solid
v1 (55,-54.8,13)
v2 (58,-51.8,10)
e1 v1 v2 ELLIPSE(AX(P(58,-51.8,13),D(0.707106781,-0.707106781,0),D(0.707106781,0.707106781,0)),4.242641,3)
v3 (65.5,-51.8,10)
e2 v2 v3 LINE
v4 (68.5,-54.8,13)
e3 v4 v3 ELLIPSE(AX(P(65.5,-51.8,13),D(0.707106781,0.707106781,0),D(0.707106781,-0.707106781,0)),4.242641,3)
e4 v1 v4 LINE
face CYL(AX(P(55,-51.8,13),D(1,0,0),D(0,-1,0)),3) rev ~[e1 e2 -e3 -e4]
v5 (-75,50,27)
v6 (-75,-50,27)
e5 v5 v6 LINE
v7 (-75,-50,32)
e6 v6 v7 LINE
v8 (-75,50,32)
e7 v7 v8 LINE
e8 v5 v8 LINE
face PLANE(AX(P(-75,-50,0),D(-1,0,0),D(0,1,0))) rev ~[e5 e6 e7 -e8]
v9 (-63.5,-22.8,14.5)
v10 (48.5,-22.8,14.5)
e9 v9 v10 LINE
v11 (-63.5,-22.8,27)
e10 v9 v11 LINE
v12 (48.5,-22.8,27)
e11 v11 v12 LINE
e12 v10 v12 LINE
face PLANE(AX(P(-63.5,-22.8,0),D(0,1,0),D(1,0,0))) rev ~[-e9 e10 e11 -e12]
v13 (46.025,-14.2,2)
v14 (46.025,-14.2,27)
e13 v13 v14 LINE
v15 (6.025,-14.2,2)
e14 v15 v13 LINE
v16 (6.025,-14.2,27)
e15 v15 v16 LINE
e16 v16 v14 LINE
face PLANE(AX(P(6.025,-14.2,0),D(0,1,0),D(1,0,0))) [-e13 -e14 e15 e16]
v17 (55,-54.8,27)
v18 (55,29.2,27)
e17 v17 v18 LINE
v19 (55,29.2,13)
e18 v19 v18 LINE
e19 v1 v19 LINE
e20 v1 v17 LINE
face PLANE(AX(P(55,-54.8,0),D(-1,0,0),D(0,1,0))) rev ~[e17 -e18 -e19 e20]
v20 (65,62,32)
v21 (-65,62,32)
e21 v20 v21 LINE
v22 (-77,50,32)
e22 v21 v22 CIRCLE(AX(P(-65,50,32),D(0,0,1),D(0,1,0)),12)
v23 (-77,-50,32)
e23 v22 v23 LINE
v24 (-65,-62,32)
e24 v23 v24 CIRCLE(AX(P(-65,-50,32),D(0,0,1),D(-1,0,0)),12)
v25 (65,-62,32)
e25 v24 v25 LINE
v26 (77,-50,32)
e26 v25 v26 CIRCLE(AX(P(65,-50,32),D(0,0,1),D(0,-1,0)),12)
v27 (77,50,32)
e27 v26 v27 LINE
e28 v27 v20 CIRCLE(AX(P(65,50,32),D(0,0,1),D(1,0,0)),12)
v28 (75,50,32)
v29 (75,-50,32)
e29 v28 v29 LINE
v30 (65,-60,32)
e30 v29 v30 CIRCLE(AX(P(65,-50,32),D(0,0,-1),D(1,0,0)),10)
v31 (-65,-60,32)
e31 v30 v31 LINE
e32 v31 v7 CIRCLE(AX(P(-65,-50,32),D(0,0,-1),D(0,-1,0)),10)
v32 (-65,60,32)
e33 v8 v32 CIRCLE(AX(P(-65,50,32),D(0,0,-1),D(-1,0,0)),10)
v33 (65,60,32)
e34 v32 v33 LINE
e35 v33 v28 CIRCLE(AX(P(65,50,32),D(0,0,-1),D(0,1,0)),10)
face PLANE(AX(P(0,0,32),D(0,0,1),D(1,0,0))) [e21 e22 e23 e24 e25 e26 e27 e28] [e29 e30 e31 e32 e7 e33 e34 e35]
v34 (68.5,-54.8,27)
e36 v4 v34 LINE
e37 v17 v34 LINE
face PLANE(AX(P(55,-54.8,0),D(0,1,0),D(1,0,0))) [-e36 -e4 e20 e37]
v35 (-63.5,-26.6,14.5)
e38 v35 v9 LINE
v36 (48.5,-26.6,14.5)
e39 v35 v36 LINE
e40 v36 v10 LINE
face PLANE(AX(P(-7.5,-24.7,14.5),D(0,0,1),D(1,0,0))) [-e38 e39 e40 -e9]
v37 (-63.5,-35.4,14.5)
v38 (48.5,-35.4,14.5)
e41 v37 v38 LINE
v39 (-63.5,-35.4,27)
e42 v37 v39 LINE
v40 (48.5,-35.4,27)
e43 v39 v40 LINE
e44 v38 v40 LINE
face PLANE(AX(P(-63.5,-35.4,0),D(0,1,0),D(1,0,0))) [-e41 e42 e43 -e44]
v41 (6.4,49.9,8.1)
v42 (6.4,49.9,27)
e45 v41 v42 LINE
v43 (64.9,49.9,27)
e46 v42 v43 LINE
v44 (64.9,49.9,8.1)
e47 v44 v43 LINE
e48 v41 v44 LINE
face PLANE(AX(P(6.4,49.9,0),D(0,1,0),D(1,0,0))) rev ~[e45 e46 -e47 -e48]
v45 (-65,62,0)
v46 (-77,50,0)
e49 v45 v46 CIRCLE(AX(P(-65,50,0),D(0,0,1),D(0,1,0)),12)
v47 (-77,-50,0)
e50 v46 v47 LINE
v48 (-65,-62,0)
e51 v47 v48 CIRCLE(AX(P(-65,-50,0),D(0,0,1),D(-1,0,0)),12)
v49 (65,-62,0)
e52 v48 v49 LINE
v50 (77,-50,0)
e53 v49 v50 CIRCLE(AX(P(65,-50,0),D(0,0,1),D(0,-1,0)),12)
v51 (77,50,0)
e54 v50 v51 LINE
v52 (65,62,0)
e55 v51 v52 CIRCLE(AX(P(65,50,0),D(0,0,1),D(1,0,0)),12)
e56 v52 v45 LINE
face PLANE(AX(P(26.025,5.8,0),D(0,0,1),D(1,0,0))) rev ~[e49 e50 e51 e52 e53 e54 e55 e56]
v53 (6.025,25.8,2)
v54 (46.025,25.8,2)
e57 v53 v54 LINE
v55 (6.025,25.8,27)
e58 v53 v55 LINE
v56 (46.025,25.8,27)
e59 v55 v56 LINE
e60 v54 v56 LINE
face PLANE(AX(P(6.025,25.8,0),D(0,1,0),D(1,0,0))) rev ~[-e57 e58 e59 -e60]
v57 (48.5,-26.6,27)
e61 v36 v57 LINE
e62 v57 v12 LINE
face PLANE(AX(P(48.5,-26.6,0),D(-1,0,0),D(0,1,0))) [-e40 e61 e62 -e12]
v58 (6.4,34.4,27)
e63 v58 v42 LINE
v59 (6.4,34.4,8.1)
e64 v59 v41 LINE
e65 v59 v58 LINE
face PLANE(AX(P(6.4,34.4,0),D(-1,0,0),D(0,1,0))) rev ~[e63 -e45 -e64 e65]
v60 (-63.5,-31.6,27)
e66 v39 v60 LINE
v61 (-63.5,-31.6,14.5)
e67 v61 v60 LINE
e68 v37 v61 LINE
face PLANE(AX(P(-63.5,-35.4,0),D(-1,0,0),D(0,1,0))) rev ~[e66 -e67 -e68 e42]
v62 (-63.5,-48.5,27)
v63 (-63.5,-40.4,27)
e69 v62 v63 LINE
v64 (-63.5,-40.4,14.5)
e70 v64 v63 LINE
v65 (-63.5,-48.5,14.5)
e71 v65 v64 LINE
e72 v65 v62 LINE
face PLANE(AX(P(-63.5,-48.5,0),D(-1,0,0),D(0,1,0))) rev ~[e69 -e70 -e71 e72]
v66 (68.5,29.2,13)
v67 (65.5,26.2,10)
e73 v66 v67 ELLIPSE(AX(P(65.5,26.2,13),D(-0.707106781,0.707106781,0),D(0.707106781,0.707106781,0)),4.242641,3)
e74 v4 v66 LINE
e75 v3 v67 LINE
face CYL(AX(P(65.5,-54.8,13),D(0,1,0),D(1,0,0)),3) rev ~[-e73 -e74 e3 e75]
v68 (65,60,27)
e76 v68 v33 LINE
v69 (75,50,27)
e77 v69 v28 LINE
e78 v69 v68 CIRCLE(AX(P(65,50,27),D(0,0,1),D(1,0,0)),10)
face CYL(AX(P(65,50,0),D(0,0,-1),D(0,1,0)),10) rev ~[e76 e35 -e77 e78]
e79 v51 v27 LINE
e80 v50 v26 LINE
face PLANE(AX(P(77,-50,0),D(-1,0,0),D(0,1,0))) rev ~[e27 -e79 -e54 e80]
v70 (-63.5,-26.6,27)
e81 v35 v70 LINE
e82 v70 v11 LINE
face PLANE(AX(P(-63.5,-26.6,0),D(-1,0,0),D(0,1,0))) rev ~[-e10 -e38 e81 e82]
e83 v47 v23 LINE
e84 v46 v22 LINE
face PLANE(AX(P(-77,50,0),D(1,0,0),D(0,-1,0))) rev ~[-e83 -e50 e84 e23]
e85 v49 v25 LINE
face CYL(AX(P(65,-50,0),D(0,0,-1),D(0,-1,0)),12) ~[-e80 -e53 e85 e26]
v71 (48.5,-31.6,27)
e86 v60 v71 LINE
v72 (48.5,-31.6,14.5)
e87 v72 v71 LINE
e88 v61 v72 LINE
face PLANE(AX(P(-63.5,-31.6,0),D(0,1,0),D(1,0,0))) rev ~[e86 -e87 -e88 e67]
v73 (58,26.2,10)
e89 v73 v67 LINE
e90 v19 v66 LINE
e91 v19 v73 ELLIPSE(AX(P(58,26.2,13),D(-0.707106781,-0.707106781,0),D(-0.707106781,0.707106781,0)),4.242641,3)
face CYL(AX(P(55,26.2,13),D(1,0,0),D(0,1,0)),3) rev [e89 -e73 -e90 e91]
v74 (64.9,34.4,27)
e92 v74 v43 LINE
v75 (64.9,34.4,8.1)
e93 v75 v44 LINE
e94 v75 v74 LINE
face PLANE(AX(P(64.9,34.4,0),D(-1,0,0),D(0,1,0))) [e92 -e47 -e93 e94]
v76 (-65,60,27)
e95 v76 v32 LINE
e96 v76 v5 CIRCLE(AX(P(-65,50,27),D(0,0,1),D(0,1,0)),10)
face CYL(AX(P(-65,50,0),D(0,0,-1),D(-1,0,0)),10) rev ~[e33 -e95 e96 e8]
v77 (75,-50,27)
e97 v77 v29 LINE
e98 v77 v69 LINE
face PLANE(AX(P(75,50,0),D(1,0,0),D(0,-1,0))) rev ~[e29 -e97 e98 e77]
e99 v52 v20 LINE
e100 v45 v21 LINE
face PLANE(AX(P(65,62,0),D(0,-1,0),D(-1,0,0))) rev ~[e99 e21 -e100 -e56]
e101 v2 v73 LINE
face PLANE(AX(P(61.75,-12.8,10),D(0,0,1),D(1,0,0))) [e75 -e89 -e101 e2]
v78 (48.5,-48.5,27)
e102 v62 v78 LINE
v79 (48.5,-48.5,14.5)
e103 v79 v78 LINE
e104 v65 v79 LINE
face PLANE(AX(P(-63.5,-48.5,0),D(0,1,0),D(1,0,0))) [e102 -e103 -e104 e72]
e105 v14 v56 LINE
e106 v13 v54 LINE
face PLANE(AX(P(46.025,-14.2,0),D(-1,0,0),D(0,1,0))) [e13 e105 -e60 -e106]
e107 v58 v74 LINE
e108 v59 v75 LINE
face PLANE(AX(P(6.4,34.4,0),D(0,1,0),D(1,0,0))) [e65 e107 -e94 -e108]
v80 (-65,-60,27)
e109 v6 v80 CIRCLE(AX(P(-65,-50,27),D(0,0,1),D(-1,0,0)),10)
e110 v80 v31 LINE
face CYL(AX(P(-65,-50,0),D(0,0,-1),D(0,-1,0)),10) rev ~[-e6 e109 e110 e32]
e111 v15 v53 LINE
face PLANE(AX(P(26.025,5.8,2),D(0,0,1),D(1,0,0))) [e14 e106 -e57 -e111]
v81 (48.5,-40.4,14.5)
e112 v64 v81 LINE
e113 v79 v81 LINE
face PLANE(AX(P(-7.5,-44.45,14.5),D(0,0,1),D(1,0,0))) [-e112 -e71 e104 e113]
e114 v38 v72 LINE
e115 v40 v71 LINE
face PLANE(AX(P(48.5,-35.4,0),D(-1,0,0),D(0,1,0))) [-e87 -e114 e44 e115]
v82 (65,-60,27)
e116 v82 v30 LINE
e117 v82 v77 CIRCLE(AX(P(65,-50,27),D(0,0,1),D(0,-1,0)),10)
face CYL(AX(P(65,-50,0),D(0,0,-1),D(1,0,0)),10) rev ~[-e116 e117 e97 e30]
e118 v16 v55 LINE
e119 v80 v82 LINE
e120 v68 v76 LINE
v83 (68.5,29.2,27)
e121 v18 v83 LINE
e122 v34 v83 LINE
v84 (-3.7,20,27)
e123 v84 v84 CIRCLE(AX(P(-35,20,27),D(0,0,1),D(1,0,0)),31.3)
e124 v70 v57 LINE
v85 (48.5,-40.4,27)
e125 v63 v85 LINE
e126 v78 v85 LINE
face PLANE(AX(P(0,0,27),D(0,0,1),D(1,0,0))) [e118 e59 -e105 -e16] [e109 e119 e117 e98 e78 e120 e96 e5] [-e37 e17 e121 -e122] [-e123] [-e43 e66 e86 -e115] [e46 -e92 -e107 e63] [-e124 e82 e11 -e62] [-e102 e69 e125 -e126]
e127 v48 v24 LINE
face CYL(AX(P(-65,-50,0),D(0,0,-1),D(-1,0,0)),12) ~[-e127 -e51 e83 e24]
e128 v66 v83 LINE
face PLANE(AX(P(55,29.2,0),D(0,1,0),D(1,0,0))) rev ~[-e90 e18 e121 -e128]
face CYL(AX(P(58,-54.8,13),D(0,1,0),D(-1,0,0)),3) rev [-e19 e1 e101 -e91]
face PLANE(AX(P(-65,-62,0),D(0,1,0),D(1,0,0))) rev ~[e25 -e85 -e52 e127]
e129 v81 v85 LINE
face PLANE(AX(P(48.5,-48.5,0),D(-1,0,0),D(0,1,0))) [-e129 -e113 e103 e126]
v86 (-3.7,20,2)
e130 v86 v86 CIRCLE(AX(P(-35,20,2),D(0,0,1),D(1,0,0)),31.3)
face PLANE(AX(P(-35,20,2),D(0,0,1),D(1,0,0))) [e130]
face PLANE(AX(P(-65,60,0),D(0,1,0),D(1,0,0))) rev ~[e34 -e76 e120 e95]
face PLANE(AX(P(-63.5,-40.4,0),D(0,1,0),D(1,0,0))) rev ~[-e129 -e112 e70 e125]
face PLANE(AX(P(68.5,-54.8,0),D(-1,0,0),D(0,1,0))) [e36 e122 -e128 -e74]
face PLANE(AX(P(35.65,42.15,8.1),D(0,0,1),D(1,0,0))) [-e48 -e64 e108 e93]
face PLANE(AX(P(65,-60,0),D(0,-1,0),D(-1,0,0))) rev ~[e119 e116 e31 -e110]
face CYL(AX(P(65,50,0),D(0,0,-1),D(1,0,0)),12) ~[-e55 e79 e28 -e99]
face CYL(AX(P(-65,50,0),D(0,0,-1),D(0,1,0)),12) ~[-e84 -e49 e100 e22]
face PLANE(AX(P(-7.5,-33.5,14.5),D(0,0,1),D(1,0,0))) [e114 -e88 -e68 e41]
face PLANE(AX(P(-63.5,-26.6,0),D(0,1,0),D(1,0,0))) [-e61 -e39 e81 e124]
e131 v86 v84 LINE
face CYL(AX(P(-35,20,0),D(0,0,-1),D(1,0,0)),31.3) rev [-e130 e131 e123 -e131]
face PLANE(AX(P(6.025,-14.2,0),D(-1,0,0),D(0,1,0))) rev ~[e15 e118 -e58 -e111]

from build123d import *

# Parameters (mm, degrees)
F1_DEPTH = 32
F0_W     = 112
F0_H     = 8.1
F0_H_2   = 3.8
F0_W_2   = 13.5
F0_H_3   = 84
F0_R     = 31.3
F0_W_3   = 40
F0_H_4   = 40
F0_W_4   = 58.5
F0_H_5   = 15.5
F2_DEPTH = 27
F3_DEPTH = 2
F4_DEPTH = 8.1
F5_DEPTH = 10
F6_R     = 3
F7_DEPTH = 14.5
F8_DEPTH = 2


with BuildPart() as f1:
    # F0 (on Top) → F1 (new body)
    with BuildSketch(Plane.XY):
        with BuildLine():
            Line((65, 62), (-65, 62))
            ThreePointArc((-65, 62), (-73.4852813742, 58.4852813742), (-77, 50))
            Line((-77, 50), (-77, -50))
            ThreePointArc((-77, -50), (-73.4852813742, -58.4852813742), (-65, -62))
            Line((-65, -62), (65, -62))
            ThreePointArc((65, -62), (73.4852813742, -58.4852813742), (77, -50))
            Line((77, -50), (77, 50))
            ThreePointArc((77, 50), (73.4852813742, 58.4852813742), (65, 62))
        make_face()
        with BuildLine():
            ThreePointArc((-75, 50), (-72.0710678119, 57.0710678119), (-65, 60))
            Line((-65, 60), (65, 60))
            ThreePointArc((65, 60), (72.0710678119, 57.0710678119), (75, 50))
            Line((75, 50), (75, -50))
            ThreePointArc((75, -50), (72.0710678119, -57.0710678119), (65, -60))
            Line((65, -60), (-65, -60))
            ThreePointArc((-65, -60), (-72.0710678119, -57.0710678119), (-75, -50))
            Line((-75, -50), (-75, 50))
        make_face(mode=Mode.SUBTRACT)
    extrude(amount=F1_DEPTH)

    # F0 (on Top) → F2 (join)
    with BuildSketch(Plane.XY):
        with BuildLine():
            Line((65, 60), (-65, 60))
            ThreePointArc((-65, 60), (-72.0710678119, 57.0710678119), (-75, 50))
            Line((-75, 50), (-75, -50))
            ThreePointArc((-75, -50), (-72.0710678119, -57.0710678119), (-65, -60))
            Line((-65, -60), (65, -60))
            ThreePointArc((65, -60), (72.0710678119, -57.0710678119), (75, -50))
            Line((75, -50), (75, 50))
            ThreePointArc((75, 50), (72.0710678119, 57.0710678119), (65, 60))
        make_face()
        with Locations((-7.5, -44.45)):
            Rectangle(F0_W, F0_H, mode=Mode.SUBTRACT)
        with Locations((-7.5, -33.5)):
            Rectangle(F0_W, F0_H_2, mode=Mode.SUBTRACT)
        with Locations((-7.5, -24.7)):
            Rectangle(F0_W, F0_H_2, mode=Mode.SUBTRACT)
        with Locations((61.75, -12.8)):
            Rectangle(F0_W_2, F0_H_3, mode=Mode.SUBTRACT)
        with Locations((-35, 20)):
            Circle(F0_R, mode=Mode.SUBTRACT)
        with Locations((26.025, 5.8)):
            Rectangle(F0_W_3, F0_H_4, mode=Mode.SUBTRACT)
        with Locations((35.65, 42.15)):
            Rectangle(F0_W_4, F0_H_5, mode=Mode.SUBTRACT)
    extrude(amount=F2_DEPTH)

    # F0 (on Top) → F3 (join)
    with BuildSketch(Plane.XY):
        with Locations((-35, 20)):
            Circle(F0_R)
    extrude(amount=F3_DEPTH)

    # F0 (on Top) → F4 (join)
    with BuildSketch(Plane.XY):
        with Locations((35.65, 42.15)):
            Rectangle(F0_W_4, F0_H_5)
    extrude(amount=F4_DEPTH)

    # F0 (on Top) → F5 (join)
    with BuildSketch(Plane.XY):
        with Locations((61.75, -12.8)):
            Rectangle(F0_W_2, F0_H_3)
    extrude(amount=F5_DEPTH)

    # F6
    f6_edges = [f1.edges().sort_by_distance(p)[0] for p in [
        (55, -12.8, 10),
        (61.75, -54.8, 10),
        (68.5, -12.8, 10),
        (61.75, 29.2, 10),
    ]]
    fillet(f6_edges, radius=F6_R)

    # F0 (on Top) → F7 (join)
    with BuildSketch(Plane.XY):
        with Locations((-7.5, -44.45)):
            Rectangle(F0_W, F0_H)
        with Locations((-7.5, -33.5)):
            Rectangle(F0_W, F0_H_2)
        with Locations((-7.5, -24.7)):
            Rectangle(F0_W, F0_H_2)
    extrude(amount=F7_DEPTH)

    # F0 (on Top) → F8 (join)
    with BuildSketch(Plane.XY):
        with Locations((26.025, 5.8)):
            Rectangle(F0_W_3, F0_H_4)
    extrude(amount=F8_DEPTH)


solid = f1.part
